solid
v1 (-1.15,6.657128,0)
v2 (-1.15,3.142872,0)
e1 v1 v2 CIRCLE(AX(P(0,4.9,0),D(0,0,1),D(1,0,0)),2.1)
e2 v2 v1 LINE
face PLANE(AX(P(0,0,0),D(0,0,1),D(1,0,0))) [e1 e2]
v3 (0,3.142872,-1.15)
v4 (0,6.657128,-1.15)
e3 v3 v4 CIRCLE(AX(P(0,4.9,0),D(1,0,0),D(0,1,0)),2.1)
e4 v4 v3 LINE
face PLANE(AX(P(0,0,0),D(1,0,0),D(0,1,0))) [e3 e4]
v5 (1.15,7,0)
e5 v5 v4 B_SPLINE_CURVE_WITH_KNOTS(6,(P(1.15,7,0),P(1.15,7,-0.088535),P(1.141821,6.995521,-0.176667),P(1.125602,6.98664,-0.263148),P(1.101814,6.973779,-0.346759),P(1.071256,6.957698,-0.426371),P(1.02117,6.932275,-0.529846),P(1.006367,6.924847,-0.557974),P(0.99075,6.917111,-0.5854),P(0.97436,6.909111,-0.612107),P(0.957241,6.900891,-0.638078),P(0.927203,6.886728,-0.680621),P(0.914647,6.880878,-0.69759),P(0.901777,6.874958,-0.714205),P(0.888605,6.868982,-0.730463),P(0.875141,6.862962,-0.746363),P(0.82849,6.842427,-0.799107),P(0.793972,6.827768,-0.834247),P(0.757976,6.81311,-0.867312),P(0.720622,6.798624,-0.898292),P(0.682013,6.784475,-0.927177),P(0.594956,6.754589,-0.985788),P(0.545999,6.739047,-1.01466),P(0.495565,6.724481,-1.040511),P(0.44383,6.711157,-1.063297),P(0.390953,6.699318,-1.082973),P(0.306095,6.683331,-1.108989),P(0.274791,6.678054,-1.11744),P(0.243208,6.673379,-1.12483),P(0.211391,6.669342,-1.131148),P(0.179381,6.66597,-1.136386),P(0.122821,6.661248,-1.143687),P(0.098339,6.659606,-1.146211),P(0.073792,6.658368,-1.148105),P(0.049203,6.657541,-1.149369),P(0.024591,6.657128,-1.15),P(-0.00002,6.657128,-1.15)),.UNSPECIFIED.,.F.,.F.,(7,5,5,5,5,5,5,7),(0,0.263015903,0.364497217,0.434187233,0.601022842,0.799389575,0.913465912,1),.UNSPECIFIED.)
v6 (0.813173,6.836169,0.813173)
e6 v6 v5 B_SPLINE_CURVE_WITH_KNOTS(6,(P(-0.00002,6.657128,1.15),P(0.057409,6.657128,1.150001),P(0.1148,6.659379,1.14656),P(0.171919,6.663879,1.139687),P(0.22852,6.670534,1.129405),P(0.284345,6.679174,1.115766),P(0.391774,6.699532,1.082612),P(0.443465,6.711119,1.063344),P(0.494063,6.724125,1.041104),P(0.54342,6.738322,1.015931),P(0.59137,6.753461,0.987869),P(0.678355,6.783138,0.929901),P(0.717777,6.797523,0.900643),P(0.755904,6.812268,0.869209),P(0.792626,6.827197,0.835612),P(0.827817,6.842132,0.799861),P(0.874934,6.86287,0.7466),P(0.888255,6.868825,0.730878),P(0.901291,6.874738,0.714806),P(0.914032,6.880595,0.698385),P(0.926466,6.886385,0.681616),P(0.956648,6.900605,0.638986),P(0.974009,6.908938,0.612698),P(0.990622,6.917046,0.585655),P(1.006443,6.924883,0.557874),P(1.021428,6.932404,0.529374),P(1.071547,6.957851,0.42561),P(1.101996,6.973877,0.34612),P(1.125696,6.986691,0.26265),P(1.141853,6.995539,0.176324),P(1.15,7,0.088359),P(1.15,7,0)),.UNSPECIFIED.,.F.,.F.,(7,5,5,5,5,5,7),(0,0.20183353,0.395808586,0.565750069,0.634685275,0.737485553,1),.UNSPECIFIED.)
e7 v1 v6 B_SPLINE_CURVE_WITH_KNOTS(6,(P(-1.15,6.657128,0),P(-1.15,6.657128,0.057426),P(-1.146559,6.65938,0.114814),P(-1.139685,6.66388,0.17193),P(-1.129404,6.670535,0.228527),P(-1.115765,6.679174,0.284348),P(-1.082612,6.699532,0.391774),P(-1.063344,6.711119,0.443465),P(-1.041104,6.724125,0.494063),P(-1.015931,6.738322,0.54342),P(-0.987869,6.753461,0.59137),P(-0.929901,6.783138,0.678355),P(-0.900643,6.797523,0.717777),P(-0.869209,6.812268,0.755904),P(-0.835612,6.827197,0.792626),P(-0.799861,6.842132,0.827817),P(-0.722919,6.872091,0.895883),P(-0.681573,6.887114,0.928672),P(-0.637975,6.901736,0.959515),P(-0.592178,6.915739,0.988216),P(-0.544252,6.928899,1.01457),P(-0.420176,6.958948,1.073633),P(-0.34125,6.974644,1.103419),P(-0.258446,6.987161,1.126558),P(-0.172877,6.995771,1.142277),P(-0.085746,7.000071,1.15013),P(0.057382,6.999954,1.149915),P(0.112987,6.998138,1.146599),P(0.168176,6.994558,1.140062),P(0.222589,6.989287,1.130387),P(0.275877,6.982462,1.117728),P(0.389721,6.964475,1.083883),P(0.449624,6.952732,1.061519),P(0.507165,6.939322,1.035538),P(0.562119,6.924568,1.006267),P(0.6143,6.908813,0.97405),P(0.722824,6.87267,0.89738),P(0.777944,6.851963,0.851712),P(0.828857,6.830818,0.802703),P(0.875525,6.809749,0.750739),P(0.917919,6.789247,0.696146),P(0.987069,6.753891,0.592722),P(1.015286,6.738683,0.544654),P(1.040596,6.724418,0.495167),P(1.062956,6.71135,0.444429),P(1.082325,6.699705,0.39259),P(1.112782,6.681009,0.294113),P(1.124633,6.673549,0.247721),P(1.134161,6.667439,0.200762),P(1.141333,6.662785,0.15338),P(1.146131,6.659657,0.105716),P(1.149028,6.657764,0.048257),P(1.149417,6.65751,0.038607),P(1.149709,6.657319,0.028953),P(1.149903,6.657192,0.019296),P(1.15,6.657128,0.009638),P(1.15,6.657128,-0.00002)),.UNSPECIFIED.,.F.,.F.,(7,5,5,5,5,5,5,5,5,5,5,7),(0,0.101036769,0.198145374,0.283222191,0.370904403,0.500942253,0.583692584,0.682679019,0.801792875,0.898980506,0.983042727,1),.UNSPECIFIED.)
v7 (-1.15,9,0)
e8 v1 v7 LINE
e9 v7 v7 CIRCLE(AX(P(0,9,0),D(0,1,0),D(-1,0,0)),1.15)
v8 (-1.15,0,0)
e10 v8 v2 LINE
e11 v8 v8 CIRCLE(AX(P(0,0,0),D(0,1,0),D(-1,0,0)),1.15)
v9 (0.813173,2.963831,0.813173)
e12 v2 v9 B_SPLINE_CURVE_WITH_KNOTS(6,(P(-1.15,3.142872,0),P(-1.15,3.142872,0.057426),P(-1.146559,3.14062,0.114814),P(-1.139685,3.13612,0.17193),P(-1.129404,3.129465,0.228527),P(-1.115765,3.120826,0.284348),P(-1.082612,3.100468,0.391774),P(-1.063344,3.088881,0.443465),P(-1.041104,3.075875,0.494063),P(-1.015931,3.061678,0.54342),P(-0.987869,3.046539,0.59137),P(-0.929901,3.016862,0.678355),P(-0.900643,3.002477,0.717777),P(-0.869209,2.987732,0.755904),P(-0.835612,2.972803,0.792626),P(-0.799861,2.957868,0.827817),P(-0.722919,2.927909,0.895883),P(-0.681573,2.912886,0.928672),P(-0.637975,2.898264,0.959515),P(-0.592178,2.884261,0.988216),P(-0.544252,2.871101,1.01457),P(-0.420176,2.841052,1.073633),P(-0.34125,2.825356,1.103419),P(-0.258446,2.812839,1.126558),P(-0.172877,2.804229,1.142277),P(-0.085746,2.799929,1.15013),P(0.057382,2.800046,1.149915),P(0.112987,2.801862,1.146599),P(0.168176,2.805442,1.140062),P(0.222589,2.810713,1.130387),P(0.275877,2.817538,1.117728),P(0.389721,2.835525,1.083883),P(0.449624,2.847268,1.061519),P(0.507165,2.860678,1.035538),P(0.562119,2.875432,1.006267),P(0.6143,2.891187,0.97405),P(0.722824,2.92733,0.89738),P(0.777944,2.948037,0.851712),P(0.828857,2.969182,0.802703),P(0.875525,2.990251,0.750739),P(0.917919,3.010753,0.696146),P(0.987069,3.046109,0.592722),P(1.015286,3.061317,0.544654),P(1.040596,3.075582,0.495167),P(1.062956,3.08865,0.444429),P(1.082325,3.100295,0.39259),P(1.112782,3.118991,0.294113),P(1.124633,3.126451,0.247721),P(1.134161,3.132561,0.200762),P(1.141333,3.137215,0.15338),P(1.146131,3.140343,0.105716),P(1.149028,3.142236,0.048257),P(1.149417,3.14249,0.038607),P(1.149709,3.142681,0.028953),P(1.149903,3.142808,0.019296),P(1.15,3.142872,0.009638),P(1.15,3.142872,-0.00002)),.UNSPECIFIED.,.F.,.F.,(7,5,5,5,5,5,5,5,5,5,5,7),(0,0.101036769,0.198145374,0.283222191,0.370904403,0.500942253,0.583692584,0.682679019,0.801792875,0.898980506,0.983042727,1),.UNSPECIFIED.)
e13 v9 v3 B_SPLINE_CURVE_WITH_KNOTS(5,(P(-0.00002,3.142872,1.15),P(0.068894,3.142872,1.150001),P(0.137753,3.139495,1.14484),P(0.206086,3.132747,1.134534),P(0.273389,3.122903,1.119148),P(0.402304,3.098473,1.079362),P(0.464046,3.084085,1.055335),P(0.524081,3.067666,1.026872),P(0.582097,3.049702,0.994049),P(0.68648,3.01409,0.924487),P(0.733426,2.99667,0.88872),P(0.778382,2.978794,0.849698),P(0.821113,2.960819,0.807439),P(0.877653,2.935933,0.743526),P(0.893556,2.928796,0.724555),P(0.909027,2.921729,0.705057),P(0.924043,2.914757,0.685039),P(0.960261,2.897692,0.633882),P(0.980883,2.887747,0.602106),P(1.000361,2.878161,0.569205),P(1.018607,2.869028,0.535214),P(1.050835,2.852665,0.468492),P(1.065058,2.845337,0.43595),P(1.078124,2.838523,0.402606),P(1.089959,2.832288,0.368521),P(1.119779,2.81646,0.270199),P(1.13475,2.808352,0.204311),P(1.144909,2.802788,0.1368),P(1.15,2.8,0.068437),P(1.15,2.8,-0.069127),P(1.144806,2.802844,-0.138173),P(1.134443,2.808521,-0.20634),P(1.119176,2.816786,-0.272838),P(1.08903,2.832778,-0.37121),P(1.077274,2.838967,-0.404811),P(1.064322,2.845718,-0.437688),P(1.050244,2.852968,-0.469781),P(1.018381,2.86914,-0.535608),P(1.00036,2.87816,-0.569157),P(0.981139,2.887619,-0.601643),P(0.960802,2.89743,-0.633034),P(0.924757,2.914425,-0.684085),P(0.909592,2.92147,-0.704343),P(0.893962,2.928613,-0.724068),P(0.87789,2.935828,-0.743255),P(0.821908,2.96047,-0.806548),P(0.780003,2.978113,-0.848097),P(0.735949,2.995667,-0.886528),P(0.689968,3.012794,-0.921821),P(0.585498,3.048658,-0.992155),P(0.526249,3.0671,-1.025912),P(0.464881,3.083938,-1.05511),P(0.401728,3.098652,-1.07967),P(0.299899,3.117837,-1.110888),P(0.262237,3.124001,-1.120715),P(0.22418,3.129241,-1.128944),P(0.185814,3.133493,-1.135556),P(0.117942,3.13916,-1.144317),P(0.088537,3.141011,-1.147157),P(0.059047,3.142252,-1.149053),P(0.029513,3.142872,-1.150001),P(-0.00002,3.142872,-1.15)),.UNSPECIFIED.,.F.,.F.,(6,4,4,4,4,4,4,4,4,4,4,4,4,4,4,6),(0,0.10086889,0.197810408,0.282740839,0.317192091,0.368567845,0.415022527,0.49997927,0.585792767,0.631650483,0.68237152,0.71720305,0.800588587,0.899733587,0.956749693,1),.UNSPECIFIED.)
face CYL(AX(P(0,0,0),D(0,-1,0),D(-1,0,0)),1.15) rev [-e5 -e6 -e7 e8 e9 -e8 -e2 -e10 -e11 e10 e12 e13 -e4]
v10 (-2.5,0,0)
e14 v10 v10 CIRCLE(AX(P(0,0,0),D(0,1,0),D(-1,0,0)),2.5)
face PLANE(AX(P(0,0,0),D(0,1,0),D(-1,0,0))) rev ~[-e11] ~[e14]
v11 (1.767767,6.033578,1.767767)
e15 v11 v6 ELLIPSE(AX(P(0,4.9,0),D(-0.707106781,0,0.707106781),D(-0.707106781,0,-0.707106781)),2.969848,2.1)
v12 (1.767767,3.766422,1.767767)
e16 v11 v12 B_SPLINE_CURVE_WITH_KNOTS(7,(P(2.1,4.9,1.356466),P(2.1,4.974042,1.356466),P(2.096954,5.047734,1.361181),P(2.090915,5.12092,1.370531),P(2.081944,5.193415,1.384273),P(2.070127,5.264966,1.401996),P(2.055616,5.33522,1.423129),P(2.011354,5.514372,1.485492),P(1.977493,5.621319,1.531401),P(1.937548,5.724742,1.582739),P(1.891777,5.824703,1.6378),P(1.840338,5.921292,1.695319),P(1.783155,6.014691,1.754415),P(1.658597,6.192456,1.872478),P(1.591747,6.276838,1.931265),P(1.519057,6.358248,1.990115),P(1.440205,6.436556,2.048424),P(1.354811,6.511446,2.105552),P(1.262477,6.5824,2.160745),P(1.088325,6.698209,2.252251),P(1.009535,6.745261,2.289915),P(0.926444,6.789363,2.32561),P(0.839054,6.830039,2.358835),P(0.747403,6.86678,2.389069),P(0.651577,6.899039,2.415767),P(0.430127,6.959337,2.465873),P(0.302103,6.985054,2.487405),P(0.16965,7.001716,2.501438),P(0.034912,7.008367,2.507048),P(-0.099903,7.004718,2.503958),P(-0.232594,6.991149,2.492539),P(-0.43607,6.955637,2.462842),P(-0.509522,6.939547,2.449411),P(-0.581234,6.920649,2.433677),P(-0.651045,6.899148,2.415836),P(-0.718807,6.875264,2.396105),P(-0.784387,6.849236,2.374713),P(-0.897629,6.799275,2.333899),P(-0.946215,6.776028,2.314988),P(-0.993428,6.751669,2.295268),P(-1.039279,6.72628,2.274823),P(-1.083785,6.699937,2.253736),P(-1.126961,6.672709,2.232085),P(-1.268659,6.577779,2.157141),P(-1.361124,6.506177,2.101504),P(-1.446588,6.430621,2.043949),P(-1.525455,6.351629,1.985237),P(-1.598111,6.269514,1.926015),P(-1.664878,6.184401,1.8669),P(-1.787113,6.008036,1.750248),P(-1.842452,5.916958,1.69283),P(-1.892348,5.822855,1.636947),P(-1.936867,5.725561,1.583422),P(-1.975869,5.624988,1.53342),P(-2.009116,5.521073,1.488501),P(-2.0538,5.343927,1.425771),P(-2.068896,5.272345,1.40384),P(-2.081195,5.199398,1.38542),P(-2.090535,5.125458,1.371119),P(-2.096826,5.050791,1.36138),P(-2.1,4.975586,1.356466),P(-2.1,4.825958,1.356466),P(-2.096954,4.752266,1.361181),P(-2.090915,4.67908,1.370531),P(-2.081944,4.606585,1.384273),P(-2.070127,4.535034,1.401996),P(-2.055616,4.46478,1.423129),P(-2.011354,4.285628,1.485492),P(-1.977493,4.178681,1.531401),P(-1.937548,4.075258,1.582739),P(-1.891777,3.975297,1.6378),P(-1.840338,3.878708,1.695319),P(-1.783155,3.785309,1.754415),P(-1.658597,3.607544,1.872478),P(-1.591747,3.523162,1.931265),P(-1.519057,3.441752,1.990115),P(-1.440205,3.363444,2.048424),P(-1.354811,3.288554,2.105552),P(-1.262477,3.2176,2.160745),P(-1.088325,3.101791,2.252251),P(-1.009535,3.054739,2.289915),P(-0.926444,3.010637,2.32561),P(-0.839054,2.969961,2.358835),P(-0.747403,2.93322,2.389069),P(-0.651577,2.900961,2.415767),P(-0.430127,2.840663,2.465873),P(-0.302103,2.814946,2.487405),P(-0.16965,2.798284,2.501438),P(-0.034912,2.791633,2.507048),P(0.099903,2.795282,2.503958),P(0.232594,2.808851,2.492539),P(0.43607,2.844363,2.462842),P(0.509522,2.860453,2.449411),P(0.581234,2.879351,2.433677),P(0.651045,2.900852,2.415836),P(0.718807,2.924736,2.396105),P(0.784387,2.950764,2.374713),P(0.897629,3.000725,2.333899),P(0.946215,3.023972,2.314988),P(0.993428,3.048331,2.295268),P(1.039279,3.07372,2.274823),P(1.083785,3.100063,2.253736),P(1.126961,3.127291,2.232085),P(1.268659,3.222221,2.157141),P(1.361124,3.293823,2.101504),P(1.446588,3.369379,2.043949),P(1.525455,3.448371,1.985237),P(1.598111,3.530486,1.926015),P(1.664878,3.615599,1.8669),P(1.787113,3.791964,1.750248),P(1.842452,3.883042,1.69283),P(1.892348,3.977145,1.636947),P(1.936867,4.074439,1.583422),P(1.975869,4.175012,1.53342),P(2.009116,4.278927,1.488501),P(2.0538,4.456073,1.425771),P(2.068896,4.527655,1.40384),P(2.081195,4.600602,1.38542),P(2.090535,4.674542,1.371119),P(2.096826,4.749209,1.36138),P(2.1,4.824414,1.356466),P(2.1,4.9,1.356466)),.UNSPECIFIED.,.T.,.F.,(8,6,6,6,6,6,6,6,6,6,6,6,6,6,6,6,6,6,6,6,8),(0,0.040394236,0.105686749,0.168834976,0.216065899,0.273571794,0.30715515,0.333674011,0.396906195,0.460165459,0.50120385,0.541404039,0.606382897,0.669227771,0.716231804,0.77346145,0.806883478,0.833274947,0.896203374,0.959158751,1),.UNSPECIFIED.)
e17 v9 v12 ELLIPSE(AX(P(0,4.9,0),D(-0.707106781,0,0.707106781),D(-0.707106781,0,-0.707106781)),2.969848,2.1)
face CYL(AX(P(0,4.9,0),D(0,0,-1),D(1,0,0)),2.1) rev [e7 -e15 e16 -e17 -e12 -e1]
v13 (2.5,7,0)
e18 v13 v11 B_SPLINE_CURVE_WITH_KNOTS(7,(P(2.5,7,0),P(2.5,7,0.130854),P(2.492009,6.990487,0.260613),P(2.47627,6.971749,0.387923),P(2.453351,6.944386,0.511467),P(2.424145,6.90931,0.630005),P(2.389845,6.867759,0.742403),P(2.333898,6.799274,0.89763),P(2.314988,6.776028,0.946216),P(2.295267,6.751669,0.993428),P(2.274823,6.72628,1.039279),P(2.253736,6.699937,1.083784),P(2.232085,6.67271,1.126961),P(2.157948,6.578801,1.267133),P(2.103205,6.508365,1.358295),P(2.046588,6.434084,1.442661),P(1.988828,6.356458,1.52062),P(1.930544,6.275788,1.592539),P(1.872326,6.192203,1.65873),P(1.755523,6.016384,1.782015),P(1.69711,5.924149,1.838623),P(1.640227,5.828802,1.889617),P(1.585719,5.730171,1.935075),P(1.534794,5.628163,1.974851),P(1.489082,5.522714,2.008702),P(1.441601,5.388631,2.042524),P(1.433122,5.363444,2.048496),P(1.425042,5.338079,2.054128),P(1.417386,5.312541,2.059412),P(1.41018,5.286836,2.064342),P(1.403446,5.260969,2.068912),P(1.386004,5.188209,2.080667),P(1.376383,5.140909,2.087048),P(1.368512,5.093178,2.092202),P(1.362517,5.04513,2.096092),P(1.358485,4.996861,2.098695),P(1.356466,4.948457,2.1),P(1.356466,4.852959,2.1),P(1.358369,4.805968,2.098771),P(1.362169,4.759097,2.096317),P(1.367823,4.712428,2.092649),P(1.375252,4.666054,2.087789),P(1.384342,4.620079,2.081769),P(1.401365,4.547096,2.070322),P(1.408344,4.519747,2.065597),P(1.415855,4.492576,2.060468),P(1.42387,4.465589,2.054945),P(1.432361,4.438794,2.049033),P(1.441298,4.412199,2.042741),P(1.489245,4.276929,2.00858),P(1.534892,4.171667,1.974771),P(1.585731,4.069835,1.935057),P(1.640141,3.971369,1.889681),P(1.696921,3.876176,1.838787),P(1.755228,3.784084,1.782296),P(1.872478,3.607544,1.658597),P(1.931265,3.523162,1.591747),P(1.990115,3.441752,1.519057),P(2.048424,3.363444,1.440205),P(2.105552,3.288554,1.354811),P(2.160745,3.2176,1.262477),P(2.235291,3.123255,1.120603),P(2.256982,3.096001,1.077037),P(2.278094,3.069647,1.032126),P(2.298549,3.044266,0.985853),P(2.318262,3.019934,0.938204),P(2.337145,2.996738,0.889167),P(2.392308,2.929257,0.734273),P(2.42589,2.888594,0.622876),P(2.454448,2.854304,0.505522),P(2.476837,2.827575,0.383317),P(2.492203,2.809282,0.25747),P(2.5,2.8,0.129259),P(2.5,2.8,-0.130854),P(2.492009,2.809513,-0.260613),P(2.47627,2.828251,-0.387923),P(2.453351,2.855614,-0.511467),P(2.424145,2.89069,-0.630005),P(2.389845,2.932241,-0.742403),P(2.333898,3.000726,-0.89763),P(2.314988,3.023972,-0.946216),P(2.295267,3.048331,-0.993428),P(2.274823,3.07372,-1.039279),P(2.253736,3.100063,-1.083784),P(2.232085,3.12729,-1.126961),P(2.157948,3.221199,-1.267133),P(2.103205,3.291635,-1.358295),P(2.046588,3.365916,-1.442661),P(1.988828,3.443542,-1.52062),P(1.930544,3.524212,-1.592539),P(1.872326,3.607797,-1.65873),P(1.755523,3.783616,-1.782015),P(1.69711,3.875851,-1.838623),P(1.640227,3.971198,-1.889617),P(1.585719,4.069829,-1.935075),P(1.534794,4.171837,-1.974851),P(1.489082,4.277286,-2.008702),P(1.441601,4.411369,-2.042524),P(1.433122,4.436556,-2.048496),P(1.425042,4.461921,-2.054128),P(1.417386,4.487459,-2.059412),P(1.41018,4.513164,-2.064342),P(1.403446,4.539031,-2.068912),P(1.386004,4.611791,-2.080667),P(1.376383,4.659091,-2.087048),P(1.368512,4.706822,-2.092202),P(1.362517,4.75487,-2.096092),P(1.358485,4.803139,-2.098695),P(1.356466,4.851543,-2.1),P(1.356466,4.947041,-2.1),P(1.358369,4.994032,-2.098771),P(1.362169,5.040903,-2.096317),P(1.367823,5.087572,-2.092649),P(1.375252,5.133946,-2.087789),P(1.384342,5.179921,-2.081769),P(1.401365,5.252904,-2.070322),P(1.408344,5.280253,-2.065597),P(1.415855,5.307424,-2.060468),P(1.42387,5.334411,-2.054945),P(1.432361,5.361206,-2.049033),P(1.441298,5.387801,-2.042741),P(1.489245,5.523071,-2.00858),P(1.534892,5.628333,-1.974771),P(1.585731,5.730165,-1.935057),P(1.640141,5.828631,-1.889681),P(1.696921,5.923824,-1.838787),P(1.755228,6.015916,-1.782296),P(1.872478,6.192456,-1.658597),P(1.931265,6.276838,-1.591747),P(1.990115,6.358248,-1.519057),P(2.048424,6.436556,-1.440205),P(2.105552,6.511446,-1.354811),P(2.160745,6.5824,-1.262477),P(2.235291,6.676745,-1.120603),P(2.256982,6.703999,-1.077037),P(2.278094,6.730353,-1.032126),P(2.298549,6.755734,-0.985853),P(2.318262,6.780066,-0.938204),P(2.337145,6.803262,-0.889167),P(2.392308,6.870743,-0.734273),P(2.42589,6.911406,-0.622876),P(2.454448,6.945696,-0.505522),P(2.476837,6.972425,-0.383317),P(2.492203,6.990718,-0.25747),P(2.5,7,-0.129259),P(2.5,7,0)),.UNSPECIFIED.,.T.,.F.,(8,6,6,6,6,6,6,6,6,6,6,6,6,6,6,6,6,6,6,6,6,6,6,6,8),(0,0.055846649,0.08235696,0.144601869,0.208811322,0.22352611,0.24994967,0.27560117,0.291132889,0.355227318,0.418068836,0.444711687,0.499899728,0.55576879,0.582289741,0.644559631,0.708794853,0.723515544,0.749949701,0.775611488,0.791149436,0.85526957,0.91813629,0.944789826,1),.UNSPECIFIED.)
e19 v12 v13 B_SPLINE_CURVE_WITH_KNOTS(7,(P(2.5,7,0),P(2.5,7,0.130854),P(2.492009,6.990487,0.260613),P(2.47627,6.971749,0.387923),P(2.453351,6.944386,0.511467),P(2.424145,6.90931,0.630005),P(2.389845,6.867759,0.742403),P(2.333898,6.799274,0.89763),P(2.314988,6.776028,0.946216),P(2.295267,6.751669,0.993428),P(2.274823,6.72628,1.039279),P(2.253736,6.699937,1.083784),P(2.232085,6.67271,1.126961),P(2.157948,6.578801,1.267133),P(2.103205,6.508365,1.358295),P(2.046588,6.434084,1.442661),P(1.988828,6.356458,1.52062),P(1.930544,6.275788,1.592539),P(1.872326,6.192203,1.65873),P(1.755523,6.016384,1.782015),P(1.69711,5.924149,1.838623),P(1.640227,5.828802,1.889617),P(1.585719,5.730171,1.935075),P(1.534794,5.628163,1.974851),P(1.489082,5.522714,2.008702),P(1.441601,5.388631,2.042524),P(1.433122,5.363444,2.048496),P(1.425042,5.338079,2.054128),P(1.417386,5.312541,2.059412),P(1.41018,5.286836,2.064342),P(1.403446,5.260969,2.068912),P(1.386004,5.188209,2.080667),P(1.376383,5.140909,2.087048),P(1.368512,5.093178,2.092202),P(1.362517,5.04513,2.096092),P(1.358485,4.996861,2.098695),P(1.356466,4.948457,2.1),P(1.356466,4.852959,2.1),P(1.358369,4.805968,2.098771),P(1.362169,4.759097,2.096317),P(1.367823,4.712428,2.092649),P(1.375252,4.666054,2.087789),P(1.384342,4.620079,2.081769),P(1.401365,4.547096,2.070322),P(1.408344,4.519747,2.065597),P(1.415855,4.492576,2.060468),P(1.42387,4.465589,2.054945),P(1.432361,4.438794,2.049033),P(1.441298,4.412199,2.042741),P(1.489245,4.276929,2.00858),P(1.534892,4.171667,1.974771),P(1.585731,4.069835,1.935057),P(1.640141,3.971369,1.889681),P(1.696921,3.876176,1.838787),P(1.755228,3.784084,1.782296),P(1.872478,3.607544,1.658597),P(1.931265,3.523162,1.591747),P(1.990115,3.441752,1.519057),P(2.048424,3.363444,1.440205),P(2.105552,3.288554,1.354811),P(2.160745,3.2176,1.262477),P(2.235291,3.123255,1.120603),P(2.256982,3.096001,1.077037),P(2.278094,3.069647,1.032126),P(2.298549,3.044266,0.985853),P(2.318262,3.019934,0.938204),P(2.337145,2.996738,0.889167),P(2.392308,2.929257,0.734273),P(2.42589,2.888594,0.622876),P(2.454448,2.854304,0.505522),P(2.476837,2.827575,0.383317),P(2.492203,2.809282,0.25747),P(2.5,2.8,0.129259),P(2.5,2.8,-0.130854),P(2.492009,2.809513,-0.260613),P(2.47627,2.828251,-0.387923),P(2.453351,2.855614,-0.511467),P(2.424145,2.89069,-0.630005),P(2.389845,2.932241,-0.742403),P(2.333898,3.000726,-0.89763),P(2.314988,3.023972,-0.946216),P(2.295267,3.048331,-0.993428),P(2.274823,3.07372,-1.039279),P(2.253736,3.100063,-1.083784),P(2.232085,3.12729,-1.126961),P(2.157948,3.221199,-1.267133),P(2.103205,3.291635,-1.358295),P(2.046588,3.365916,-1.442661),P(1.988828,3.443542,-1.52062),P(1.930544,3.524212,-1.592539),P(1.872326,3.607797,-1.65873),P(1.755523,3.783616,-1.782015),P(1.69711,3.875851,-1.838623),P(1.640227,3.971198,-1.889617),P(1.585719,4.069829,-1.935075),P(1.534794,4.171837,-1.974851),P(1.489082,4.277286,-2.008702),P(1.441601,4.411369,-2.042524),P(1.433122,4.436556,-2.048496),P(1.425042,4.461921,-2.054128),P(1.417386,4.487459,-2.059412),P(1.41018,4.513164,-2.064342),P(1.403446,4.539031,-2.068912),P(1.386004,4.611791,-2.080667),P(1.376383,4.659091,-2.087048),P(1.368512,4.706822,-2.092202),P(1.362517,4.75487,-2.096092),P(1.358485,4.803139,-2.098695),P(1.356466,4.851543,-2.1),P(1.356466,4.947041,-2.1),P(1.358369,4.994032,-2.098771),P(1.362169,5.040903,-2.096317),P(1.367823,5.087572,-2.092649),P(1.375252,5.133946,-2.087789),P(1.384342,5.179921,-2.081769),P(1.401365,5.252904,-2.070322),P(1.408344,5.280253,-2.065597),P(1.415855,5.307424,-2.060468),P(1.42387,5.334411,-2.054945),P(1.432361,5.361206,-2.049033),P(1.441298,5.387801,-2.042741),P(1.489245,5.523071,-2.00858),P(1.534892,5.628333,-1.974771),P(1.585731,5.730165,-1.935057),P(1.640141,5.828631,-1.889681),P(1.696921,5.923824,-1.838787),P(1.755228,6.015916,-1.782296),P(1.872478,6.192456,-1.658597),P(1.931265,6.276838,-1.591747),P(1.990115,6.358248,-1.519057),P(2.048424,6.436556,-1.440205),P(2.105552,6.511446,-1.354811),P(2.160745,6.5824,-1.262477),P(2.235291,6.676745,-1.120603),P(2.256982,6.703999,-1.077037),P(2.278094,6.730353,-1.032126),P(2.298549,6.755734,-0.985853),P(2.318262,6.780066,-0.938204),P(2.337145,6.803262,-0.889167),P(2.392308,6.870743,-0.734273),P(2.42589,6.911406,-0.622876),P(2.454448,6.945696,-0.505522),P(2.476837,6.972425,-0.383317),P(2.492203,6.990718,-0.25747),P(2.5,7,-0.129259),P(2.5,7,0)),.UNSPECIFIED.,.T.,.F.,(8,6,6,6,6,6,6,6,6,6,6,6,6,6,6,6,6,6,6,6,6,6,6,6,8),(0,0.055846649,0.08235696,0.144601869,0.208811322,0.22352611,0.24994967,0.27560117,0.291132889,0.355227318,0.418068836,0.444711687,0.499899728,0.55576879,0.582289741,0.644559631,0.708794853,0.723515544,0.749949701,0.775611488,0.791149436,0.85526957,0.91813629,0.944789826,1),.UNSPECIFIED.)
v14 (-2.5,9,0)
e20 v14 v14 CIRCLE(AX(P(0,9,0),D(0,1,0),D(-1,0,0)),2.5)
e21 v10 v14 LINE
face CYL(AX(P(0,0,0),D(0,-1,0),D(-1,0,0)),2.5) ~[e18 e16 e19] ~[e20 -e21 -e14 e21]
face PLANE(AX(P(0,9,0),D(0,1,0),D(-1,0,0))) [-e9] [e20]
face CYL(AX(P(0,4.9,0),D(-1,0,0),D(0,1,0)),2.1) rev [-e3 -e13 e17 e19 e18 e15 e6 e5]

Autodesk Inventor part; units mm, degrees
ref_plane "YZ Plane" through (0, 0, 0) normal (1, 0, 0) x (0, 1, 0)
ref_plane "XZ Plane" through (0, 0, 0) normal (0, 1, 0) x (-1, 0, 0)
ref_plane "XY Plane" through (0, 0, 0) normal (0, 0, 1) x (1, 0, 0)
sketch "Sketch1" plane through (0, 0, 0) normal (0, 1, 0) x (-1, 0, 0)
  circle A0 centre (0, 0) radius 1.15
  circle A1 centre (0, 0) radius 2.5
  dimension "d0" = 2.3
  dimension "d1" = 5
extrude "Extrusion1" add sketch "Sketch1" along normal blind 9
sketch "Sketch2" plane through (0, 0, 0) normal (0, 0, 1) x (1, 0, 0)
  line L0 (2.5, 9) -> (-2.5, 9) projected
  line L1 (2.5, 0) -> (-2.5, 0) projected
  line L2 (-2.5, 0) -> (-2.5, 9) projected
  line L3 (-2.5, 7) -> (2.5173, 7)
  line L4 (2.5, 9) -> (-2.5, 9) projected
  line L5 (0, 9) -> (0, 0)
  circle A0 centre (0, 4.9) radius 2.1
  dimension "d4" = 2
  dimension "d5" = 4.2
extrude "Extrusion2" cut sketch "Sketch2" along normal blind 12 contours A0 L5 | L5 A0
sketch "Sketch3" plane through (0, 0, 0) normal (1, 0, 0) x (0, 1, 0)
  line L0 (9, -2.5) -> (9, 2.5) projected
  line L1 (0, -2.5) -> (0, 2.5) projected
  line L2 (0, 2.5) -> (9, 2.5) projected
  line L3 (7, 2.5) -> (7, -2.525)
  line L4 (9, 1.15) -> (9, -1.15) projected
  line L5 (9, 0) -> (0, 0)
  circle A0 centre (4.9, 0) radius 2.1
  point P0 (4.9, 1.3565)
  dimension "d8" = 2
  dimension "d9" = 4.2
extrude "Extrusion3" cut sketch "Sketch3" along normal up to next contours A0 L5 | L5 A0
properties part number "motor_shaft_adapter" material "ABS Plastic"
